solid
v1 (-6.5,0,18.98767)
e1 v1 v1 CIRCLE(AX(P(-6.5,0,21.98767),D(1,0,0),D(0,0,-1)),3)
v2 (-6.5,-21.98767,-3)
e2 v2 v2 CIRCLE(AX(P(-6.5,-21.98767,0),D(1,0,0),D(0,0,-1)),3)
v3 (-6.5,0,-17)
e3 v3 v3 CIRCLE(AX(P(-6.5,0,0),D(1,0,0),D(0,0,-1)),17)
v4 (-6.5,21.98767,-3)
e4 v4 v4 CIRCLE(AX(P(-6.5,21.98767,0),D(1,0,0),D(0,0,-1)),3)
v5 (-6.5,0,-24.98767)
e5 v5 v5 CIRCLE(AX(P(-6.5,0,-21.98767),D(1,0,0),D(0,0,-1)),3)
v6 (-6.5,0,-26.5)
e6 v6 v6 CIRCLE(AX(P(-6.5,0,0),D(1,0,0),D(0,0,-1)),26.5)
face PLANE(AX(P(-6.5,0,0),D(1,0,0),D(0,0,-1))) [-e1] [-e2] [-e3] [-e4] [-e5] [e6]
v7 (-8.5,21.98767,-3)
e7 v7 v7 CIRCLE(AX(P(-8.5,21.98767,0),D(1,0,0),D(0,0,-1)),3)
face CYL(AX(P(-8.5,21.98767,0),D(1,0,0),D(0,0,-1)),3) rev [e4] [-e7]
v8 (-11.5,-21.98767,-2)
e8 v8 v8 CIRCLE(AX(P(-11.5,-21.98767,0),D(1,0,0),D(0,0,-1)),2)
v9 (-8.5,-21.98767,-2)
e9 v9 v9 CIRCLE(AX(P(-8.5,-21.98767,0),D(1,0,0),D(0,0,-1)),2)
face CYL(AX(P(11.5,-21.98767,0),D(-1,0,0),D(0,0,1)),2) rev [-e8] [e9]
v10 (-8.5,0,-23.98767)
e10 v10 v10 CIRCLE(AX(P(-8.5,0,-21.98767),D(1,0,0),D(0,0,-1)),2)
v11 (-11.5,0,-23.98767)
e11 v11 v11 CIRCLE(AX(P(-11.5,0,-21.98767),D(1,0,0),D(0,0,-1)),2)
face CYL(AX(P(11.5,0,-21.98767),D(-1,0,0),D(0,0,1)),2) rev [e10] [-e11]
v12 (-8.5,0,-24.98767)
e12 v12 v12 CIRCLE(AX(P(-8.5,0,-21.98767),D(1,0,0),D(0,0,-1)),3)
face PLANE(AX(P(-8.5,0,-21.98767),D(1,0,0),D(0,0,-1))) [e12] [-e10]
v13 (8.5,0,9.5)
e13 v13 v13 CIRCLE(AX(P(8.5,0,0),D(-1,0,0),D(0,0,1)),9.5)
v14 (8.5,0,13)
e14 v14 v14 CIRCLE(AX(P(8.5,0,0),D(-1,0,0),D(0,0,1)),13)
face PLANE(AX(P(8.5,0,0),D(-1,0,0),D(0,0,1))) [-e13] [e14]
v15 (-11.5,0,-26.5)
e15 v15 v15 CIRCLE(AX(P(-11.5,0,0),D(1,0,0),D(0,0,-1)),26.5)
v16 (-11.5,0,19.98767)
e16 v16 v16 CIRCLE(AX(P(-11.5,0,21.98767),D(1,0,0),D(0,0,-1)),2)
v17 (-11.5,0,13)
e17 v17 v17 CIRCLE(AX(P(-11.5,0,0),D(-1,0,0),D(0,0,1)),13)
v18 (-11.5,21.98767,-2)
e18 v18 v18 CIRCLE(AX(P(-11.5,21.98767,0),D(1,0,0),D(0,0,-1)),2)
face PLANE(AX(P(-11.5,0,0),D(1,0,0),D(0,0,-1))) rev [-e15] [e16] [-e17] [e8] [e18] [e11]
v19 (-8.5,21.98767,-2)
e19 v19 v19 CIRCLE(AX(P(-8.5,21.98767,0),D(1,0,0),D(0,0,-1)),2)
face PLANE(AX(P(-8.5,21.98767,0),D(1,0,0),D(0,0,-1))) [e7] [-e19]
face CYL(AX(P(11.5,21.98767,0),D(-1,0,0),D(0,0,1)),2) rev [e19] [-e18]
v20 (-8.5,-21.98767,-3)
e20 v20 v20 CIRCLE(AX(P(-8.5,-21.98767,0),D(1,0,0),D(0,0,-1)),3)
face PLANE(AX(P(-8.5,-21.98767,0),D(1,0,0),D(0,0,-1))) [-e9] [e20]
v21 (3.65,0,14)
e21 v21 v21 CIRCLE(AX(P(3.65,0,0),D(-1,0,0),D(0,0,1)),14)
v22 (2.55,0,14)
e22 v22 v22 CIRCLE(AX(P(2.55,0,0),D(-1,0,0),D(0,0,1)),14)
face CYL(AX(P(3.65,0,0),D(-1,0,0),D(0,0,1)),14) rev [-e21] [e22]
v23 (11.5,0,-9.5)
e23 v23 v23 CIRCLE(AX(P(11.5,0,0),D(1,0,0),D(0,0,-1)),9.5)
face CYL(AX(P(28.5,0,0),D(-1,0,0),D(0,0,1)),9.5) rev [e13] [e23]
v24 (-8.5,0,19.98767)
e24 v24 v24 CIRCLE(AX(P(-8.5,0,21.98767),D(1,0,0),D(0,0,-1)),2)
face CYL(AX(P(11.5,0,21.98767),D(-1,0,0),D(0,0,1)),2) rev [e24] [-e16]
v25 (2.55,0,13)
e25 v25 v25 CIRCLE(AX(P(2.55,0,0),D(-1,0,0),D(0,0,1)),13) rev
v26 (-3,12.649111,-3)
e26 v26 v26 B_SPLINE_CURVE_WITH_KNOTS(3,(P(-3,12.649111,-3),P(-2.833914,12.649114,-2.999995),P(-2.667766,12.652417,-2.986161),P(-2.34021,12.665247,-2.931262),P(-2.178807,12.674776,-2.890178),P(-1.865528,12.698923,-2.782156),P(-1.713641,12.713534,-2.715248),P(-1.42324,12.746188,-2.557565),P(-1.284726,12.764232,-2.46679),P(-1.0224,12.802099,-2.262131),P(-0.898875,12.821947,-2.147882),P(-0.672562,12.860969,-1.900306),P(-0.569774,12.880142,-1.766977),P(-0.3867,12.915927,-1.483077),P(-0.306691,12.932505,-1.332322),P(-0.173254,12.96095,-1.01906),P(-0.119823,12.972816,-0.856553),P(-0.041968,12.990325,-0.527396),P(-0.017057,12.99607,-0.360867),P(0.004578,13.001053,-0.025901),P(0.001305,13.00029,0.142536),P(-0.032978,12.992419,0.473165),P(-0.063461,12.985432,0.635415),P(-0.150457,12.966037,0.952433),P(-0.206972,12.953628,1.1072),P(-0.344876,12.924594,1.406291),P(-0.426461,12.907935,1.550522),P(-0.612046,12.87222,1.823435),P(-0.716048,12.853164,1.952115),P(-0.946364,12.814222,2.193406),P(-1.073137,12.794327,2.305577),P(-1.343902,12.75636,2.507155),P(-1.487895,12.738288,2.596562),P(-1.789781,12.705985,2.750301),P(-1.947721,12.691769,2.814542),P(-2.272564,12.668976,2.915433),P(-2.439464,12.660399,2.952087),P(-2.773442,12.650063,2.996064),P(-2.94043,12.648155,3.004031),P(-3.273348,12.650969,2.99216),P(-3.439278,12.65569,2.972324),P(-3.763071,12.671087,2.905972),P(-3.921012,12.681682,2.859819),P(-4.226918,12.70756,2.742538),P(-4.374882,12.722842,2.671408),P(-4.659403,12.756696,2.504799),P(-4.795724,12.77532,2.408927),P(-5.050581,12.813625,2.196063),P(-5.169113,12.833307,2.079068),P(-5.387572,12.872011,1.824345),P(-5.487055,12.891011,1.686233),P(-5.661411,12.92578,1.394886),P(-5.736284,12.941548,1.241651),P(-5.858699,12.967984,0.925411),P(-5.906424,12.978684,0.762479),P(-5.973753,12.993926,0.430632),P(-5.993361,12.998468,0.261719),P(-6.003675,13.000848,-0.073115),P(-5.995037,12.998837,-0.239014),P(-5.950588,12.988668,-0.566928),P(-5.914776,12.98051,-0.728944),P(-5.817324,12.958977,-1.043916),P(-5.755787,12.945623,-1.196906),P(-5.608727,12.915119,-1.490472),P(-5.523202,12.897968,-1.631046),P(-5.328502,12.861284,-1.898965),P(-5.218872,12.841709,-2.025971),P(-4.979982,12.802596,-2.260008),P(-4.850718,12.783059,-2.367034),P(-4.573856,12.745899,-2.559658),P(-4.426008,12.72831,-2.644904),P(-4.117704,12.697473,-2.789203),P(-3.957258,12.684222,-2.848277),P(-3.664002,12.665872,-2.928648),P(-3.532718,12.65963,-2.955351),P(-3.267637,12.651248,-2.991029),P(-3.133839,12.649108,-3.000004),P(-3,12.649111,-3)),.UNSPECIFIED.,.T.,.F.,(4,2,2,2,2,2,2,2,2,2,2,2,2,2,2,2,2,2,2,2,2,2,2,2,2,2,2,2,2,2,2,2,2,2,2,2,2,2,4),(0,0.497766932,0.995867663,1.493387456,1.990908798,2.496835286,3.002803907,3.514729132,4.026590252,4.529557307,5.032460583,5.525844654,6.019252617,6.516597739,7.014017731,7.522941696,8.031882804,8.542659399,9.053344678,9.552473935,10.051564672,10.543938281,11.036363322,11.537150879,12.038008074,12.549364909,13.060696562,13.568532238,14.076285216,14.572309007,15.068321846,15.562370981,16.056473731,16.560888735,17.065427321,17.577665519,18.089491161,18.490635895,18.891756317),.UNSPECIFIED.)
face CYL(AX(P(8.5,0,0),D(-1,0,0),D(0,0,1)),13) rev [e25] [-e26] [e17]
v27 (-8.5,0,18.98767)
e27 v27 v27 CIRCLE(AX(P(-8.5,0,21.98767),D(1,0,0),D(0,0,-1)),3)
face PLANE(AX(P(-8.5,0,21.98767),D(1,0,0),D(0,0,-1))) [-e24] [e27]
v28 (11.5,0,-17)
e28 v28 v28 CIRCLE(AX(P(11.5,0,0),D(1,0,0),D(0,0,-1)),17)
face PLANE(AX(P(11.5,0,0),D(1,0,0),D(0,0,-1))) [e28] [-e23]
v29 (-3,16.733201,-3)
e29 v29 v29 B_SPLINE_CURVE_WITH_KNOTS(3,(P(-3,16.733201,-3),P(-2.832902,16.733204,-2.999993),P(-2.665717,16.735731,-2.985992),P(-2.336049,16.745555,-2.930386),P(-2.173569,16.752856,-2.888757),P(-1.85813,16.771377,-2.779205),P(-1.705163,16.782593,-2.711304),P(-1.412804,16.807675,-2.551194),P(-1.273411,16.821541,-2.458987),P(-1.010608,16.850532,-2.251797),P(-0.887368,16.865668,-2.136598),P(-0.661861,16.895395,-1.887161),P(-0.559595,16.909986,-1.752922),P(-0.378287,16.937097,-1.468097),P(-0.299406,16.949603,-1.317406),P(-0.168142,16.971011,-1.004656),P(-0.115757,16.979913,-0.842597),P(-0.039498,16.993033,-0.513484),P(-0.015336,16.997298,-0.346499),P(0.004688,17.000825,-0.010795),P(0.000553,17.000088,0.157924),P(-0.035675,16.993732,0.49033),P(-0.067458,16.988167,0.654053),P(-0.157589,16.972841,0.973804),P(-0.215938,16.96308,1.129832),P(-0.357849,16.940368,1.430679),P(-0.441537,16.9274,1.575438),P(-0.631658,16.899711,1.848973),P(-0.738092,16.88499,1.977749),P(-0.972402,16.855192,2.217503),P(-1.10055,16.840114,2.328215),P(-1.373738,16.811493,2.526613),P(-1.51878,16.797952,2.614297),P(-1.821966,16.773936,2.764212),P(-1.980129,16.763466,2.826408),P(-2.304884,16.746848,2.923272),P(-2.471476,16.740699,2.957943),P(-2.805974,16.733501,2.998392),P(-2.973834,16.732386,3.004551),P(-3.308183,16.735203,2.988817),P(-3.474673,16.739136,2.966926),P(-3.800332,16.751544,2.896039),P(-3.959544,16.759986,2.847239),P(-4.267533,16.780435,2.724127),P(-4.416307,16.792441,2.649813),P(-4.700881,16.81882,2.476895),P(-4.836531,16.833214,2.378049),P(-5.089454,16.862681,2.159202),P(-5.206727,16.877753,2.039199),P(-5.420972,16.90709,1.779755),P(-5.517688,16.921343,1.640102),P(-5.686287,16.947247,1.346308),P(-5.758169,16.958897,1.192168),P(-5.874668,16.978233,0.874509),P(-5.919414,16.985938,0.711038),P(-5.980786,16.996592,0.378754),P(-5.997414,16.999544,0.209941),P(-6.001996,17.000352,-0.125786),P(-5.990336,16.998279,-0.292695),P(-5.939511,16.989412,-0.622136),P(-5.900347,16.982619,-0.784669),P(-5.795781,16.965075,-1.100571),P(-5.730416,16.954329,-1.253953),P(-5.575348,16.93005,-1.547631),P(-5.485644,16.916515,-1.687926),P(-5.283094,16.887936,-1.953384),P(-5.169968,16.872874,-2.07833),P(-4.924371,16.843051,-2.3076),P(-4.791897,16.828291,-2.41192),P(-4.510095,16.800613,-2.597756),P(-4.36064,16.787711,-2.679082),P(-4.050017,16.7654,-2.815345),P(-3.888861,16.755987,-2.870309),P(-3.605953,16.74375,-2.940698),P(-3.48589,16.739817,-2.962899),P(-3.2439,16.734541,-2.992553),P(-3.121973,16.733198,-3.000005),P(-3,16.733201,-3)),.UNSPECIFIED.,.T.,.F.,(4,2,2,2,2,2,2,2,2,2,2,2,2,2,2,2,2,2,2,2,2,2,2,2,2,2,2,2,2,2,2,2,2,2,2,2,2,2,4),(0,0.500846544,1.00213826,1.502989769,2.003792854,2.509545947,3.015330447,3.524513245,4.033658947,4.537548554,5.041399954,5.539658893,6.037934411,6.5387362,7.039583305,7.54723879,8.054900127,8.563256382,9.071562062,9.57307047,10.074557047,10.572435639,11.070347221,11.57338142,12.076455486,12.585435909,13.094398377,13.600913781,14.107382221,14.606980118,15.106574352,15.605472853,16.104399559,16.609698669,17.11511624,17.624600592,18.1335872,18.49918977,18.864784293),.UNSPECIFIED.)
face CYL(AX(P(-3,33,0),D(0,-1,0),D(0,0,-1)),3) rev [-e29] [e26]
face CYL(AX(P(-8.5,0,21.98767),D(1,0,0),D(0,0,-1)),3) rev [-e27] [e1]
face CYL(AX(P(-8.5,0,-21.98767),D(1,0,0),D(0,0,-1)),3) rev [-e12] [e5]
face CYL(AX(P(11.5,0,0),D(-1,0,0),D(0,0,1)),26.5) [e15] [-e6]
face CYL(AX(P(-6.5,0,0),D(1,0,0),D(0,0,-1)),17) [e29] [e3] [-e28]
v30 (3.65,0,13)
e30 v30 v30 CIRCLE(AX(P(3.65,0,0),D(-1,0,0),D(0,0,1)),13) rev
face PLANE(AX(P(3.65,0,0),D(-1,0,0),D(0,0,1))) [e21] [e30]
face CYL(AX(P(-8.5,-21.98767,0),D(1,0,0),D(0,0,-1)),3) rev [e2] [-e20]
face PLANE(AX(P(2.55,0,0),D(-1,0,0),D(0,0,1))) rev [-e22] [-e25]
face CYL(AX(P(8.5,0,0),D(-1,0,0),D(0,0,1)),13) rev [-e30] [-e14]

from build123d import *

# Parameters (mm, degrees)
SKETCH1_R           = 26.5
SKETCH1_R_2         = 2
BOSS_EXTRUDE1_DEPTH = 11.5
CUT_EXTRUDE1_START  = -18
SKETCH2_R           = 26.5
SKETCH2_R_2         = 2
SKETCH2_R_3         = 17
CUT_EXTRUDE1_DEPTH  = 18
SKETCH3_R           = 13
CUT_EXTRUDE2_DEPTH  = 20
SKETCH4_R           = 9.5
CUT_EXTRUDE3_DEPTH  = 20
SKETCH5_R           = 14
CUT_EXTRUDE4_DEPTH  = 0.55
SKETCH6_R           = 3
CUT_EXTRUDE5_DEPTH  = 33
SKETCH9_R           = 3
CUT_EXTRUDE7_DEPTH  = 2


with BuildPart() as part:
    # Sketch1 → Boss-Extrude1 (new, symmetric)
    with BuildSketch(Plane(origin=(0, 0, 0), x_dir=(0, 0, -1), z_dir=(1, 0, 0))):
        Circle(SKETCH1_R)
        with Locations((0, -21.987670406)):
            Circle(SKETCH1_R_2, mode=Mode.SUBTRACT)
        with Locations((-21.987670406, 0)):
            Circle(SKETCH1_R_2, mode=Mode.SUBTRACT)
        with Locations((0, 21.987670406)):
            Circle(SKETCH1_R_2, mode=Mode.SUBTRACT)
        with Locations((21.987670406, 0)):
            Circle(SKETCH1_R_2, mode=Mode.SUBTRACT)
    extrude(amount=BOSS_EXTRUDE1_DEPTH, both=True)

    # Sketch2 → Cut-Extrude1 (cut)
    with BuildSketch(Plane(origin=(11.5, 0, 0), x_dir=(0, 0, -1), z_dir=(1, 0, 0)).offset(CUT_EXTRUDE1_START)):
        Circle(SKETCH2_R)
        with Locations((0, -21.987670406)):
            Circle(SKETCH2_R_2, mode=Mode.SUBTRACT)
        with Locations((-21.987670406, 0)):
            Circle(SKETCH2_R_2, mode=Mode.SUBTRACT)
        with Locations((0, 21.987670406)):
            Circle(SKETCH2_R_2, mode=Mode.SUBTRACT)
        Circle(SKETCH2_R_3, mode=Mode.SUBTRACT)
        with Locations((21.987670406, 0)):
            Circle(SKETCH2_R_2, mode=Mode.SUBTRACT)
    extrude(amount=CUT_EXTRUDE1_DEPTH, mode=Mode.SUBTRACT)

    # Sketch3 → Cut-Extrude2 (cut)
    with BuildSketch(Plane.ZY.offset(11.5)):
        Circle(SKETCH3_R)
    extrude(amount=-CUT_EXTRUDE2_DEPTH, mode=Mode.SUBTRACT)

    # Sketch4 → Cut-Extrude3 (cut)
    with BuildSketch(Plane.ZY.offset(-8.5)):
        Circle(SKETCH4_R)
    extrude(amount=-CUT_EXTRUDE3_DEPTH, mode=Mode.SUBTRACT)

    # Sketch5 → Cut-Extrude4 (cut, symmetric)
    with BuildSketch(Plane.ZY.offset(-3.1)):
        Circle(SKETCH5_R)
    extrude(amount=CUT_EXTRUDE4_DEPTH, both=True, mode=Mode.SUBTRACT)

    # Sketch6 → Cut-Extrude5 (cut)
    with BuildSketch(Plane(origin=(0, 0, 0), x_dir=(1, 0, 0), z_dir=(0, 1, 0))):
        with Locations((-3, 0)):
            Circle(SKETCH6_R)
    extrude(amount=CUT_EXTRUDE5_DEPTH, mode=Mode.SUBTRACT)

    # Sketch9 → Cut-Extrude7 (cut)
    with BuildSketch(Plane(origin=(-6.5, 0, 0), x_dir=(0, 0, -1), z_dir=(1, 0, 0))):
        with Locations((0, 21.987670406)):
            Circle(SKETCH9_R)
        with Locations((21.987670406, 0)):
            Circle(SKETCH9_R)
        with Locations((0, -21.987670406)):
            Circle(SKETCH9_R)
        with Locations((-21.987670406, 0)):
            Circle(SKETCH9_R)
    extrude(amount=-CUT_EXTRUDE7_DEPTH, mode=Mode.SUBTRACT)


solid = part.part
